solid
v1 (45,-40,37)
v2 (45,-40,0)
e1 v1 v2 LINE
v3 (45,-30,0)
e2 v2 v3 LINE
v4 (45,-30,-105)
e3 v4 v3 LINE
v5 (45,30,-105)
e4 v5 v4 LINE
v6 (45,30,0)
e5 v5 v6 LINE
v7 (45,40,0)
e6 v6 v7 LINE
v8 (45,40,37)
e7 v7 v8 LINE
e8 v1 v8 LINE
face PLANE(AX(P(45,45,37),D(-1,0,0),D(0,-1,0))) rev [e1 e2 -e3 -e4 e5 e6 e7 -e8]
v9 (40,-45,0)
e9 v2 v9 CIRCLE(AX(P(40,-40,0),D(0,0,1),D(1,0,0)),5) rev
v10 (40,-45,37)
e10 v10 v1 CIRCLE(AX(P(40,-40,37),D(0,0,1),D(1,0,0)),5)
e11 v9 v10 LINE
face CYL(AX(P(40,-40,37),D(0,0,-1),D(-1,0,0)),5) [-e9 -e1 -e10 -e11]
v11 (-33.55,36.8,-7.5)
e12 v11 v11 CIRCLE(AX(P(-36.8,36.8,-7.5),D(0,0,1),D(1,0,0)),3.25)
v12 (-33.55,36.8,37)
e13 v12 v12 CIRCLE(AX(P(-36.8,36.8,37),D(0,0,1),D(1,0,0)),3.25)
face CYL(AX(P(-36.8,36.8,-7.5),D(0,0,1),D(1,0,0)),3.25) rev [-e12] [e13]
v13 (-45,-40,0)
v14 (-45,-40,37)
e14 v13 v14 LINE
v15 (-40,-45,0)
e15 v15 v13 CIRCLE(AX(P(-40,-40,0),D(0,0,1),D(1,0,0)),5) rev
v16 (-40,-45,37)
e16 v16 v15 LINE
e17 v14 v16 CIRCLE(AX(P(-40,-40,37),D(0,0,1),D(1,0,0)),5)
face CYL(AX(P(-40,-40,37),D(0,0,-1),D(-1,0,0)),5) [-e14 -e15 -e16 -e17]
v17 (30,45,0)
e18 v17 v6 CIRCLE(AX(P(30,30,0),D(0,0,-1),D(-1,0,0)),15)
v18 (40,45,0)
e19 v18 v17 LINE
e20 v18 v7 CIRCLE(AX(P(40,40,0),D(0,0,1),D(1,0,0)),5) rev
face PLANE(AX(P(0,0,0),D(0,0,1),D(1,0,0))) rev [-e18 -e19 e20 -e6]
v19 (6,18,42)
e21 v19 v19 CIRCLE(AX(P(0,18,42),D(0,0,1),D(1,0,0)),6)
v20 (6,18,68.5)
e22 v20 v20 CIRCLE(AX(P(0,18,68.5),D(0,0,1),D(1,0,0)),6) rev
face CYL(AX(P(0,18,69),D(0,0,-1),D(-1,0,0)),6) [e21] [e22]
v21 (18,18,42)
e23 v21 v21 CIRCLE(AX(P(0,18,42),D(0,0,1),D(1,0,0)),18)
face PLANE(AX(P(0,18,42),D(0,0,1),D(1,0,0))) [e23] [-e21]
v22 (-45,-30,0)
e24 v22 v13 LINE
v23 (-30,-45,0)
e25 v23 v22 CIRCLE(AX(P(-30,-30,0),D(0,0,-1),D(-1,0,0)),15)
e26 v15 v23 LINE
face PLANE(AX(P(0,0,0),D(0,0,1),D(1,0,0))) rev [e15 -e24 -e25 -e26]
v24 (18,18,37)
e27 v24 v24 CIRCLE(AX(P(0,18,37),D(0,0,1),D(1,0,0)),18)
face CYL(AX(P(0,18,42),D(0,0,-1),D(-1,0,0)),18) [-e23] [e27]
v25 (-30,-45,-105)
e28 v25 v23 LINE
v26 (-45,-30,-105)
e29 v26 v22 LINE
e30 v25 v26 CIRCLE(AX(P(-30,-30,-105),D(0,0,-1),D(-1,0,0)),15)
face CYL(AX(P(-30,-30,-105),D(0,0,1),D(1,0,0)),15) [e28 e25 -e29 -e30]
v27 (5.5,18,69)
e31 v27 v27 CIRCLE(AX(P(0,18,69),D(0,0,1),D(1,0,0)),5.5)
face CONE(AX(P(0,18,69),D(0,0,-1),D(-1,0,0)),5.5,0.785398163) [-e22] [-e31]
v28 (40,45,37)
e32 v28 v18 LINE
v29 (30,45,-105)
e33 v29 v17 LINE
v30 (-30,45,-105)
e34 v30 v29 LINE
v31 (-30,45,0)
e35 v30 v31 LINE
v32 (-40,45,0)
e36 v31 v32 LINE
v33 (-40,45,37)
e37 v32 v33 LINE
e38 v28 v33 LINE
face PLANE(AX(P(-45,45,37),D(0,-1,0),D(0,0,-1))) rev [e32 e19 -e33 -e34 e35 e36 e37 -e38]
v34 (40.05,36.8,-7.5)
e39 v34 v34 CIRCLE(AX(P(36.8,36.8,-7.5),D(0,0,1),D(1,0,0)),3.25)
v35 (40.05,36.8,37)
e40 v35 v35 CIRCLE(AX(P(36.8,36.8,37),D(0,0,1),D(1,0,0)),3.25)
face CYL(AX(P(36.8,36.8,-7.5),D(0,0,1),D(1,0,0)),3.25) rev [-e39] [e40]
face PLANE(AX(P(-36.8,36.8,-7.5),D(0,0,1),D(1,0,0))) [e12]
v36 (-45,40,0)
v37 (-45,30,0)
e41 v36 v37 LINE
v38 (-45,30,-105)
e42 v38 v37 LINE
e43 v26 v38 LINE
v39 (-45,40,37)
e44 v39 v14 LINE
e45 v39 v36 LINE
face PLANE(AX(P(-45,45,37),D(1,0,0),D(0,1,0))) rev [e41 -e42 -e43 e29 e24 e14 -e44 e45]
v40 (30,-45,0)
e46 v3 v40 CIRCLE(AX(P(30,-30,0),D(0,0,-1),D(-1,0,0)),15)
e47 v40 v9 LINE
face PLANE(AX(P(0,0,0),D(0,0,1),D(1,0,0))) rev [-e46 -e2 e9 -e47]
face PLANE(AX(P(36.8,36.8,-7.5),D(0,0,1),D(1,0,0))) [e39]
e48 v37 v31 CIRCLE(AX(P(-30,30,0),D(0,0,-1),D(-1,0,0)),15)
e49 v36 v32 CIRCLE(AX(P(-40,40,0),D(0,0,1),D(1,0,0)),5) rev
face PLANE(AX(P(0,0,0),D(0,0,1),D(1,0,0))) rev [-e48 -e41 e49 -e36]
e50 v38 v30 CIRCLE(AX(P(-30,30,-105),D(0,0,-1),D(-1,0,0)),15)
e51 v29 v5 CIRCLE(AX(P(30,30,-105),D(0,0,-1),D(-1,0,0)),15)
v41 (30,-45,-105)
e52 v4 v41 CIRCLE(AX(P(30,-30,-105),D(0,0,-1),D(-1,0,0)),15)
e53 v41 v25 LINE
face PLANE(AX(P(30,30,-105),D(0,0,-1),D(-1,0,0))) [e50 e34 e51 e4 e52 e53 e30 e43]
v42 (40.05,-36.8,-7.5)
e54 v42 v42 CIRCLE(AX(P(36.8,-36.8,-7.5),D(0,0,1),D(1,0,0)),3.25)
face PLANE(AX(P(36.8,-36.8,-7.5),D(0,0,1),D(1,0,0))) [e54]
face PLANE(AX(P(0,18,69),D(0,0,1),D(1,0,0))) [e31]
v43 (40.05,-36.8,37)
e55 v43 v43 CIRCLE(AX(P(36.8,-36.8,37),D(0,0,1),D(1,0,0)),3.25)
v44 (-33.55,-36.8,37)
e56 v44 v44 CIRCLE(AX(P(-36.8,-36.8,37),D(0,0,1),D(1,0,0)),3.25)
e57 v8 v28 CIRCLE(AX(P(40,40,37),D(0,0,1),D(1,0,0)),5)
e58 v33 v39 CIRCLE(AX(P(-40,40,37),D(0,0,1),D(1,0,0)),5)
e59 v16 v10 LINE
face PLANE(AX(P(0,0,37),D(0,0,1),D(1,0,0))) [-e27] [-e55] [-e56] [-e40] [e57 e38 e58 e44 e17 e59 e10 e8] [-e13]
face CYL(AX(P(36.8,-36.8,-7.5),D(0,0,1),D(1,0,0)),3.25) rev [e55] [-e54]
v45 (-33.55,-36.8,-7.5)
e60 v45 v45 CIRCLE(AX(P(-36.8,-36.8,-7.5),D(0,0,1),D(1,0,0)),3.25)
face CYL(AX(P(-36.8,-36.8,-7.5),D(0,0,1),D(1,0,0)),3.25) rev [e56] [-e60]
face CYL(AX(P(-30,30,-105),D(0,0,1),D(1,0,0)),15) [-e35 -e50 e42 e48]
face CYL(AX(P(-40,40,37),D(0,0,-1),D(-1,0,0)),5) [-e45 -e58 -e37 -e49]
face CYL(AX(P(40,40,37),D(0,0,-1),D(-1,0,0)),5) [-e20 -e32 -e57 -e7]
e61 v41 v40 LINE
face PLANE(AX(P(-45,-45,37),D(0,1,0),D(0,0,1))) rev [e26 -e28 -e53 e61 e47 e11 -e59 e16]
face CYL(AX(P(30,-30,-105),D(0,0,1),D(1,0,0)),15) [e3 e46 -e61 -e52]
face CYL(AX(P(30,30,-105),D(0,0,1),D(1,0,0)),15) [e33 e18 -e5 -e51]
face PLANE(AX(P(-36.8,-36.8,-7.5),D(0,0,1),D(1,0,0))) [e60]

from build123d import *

# Parameters (mm, degrees)
SKETCH1_W           = 90
SKETCH1_H           = 90
BOSS_EXTRUDE1_DEPTH = 37
FILLET1_R           = 5
SKETCH2_R           = 18
BOSS_EXTRUDE2_DEPTH = 5
SKETCH3_R           = 6
BOSS_EXTRUDE3_DEPTH = 27
BOSS_EXTRUDE5_DEPTH = 105
CHAMFER1_SIZE       = 0.5
SKETCH5_R           = 3.25
CUT_EXTRUDE1_DEPTH  = 44.5


with BuildPart() as part:
    # Sketch1 → Boss-Extrude1 (new body)
    with BuildSketch(Plane.XY):
        Rectangle(SKETCH1_W, SKETCH1_H)
    extrude(amount=BOSS_EXTRUDE1_DEPTH)

    # Fillet1
    fillet1_edges = [part.edges().sort_by_distance(p)[0] for p in [
        (45, -45, 18.5),
        (-45, -45, 18.5),
        (-45, 45, 18.5),
        (45, 45, 18.5),
    ]]
    fillet(fillet1_edges, radius=FILLET1_R)

    # Sketch2 → Boss-Extrude2 (add)
    with BuildSketch(Plane.XY.offset(37)):
        with Locations((0, 18)):
            Circle(SKETCH2_R)
    extrude(amount=BOSS_EXTRUDE2_DEPTH)

    # Sketch3 → Boss-Extrude3 (add)
    with BuildSketch(Plane.XY.offset(42)):
        with Locations((0, 18)):
            Circle(SKETCH3_R)
    extrude(amount=BOSS_EXTRUDE3_DEPTH)

    # Sketch4 → Boss-Extrude5 (add)
    with BuildSketch(Plane(origin=(0, 0, 0), x_dir=(-1, 0, 0), z_dir=(0, 0, -1))):
        with BuildLine():
            Line((-30, 45), (30, 45))
            ThreePointArc((30, 45), (40.606601718, 40.606601718), (45, 30))
            Line((45, 30), (45, -30))
            ThreePointArc((45, -30), (40.606601718, -40.606601718), (30, -45))
            Line((30, -45), (-30, -45))
            ThreePointArc((-30, -45), (-40.606601718, -40.606601718), (-45, -30))
            Line((-45, -30), (-45, 30))
            ThreePointArc((-45, 30), (-40.606601718, 40.606601718), (-30, 45))
        make_face()
    extrude(amount=BOSS_EXTRUDE5_DEPTH)

    # Chamfer1
    chamfer1_edges = [part.edges().sort_by_distance(p)[0] for p in [
        (-6, 18, 69),
    ]]
    chamfer(chamfer1_edges, length=CHAMFER1_SIZE)

    # Sketch5 → Cut-Extrude1 (cut)
    with BuildSketch(Plane.XY.offset(37)):
        with Locations((-36.8, 36.8)):
            Circle(SKETCH5_R)
        with Locations((36.8, 36.8)):
            Circle(SKETCH5_R)
        with Locations((36.8, -36.8)):
            Circle(SKETCH5_R)
        with Locations((-36.8, -36.8)):
            Circle(SKETCH5_R)
    extrude(amount=-CUT_EXTRUDE1_DEPTH, mode=Mode.SUBTRACT)


solid = part.part
